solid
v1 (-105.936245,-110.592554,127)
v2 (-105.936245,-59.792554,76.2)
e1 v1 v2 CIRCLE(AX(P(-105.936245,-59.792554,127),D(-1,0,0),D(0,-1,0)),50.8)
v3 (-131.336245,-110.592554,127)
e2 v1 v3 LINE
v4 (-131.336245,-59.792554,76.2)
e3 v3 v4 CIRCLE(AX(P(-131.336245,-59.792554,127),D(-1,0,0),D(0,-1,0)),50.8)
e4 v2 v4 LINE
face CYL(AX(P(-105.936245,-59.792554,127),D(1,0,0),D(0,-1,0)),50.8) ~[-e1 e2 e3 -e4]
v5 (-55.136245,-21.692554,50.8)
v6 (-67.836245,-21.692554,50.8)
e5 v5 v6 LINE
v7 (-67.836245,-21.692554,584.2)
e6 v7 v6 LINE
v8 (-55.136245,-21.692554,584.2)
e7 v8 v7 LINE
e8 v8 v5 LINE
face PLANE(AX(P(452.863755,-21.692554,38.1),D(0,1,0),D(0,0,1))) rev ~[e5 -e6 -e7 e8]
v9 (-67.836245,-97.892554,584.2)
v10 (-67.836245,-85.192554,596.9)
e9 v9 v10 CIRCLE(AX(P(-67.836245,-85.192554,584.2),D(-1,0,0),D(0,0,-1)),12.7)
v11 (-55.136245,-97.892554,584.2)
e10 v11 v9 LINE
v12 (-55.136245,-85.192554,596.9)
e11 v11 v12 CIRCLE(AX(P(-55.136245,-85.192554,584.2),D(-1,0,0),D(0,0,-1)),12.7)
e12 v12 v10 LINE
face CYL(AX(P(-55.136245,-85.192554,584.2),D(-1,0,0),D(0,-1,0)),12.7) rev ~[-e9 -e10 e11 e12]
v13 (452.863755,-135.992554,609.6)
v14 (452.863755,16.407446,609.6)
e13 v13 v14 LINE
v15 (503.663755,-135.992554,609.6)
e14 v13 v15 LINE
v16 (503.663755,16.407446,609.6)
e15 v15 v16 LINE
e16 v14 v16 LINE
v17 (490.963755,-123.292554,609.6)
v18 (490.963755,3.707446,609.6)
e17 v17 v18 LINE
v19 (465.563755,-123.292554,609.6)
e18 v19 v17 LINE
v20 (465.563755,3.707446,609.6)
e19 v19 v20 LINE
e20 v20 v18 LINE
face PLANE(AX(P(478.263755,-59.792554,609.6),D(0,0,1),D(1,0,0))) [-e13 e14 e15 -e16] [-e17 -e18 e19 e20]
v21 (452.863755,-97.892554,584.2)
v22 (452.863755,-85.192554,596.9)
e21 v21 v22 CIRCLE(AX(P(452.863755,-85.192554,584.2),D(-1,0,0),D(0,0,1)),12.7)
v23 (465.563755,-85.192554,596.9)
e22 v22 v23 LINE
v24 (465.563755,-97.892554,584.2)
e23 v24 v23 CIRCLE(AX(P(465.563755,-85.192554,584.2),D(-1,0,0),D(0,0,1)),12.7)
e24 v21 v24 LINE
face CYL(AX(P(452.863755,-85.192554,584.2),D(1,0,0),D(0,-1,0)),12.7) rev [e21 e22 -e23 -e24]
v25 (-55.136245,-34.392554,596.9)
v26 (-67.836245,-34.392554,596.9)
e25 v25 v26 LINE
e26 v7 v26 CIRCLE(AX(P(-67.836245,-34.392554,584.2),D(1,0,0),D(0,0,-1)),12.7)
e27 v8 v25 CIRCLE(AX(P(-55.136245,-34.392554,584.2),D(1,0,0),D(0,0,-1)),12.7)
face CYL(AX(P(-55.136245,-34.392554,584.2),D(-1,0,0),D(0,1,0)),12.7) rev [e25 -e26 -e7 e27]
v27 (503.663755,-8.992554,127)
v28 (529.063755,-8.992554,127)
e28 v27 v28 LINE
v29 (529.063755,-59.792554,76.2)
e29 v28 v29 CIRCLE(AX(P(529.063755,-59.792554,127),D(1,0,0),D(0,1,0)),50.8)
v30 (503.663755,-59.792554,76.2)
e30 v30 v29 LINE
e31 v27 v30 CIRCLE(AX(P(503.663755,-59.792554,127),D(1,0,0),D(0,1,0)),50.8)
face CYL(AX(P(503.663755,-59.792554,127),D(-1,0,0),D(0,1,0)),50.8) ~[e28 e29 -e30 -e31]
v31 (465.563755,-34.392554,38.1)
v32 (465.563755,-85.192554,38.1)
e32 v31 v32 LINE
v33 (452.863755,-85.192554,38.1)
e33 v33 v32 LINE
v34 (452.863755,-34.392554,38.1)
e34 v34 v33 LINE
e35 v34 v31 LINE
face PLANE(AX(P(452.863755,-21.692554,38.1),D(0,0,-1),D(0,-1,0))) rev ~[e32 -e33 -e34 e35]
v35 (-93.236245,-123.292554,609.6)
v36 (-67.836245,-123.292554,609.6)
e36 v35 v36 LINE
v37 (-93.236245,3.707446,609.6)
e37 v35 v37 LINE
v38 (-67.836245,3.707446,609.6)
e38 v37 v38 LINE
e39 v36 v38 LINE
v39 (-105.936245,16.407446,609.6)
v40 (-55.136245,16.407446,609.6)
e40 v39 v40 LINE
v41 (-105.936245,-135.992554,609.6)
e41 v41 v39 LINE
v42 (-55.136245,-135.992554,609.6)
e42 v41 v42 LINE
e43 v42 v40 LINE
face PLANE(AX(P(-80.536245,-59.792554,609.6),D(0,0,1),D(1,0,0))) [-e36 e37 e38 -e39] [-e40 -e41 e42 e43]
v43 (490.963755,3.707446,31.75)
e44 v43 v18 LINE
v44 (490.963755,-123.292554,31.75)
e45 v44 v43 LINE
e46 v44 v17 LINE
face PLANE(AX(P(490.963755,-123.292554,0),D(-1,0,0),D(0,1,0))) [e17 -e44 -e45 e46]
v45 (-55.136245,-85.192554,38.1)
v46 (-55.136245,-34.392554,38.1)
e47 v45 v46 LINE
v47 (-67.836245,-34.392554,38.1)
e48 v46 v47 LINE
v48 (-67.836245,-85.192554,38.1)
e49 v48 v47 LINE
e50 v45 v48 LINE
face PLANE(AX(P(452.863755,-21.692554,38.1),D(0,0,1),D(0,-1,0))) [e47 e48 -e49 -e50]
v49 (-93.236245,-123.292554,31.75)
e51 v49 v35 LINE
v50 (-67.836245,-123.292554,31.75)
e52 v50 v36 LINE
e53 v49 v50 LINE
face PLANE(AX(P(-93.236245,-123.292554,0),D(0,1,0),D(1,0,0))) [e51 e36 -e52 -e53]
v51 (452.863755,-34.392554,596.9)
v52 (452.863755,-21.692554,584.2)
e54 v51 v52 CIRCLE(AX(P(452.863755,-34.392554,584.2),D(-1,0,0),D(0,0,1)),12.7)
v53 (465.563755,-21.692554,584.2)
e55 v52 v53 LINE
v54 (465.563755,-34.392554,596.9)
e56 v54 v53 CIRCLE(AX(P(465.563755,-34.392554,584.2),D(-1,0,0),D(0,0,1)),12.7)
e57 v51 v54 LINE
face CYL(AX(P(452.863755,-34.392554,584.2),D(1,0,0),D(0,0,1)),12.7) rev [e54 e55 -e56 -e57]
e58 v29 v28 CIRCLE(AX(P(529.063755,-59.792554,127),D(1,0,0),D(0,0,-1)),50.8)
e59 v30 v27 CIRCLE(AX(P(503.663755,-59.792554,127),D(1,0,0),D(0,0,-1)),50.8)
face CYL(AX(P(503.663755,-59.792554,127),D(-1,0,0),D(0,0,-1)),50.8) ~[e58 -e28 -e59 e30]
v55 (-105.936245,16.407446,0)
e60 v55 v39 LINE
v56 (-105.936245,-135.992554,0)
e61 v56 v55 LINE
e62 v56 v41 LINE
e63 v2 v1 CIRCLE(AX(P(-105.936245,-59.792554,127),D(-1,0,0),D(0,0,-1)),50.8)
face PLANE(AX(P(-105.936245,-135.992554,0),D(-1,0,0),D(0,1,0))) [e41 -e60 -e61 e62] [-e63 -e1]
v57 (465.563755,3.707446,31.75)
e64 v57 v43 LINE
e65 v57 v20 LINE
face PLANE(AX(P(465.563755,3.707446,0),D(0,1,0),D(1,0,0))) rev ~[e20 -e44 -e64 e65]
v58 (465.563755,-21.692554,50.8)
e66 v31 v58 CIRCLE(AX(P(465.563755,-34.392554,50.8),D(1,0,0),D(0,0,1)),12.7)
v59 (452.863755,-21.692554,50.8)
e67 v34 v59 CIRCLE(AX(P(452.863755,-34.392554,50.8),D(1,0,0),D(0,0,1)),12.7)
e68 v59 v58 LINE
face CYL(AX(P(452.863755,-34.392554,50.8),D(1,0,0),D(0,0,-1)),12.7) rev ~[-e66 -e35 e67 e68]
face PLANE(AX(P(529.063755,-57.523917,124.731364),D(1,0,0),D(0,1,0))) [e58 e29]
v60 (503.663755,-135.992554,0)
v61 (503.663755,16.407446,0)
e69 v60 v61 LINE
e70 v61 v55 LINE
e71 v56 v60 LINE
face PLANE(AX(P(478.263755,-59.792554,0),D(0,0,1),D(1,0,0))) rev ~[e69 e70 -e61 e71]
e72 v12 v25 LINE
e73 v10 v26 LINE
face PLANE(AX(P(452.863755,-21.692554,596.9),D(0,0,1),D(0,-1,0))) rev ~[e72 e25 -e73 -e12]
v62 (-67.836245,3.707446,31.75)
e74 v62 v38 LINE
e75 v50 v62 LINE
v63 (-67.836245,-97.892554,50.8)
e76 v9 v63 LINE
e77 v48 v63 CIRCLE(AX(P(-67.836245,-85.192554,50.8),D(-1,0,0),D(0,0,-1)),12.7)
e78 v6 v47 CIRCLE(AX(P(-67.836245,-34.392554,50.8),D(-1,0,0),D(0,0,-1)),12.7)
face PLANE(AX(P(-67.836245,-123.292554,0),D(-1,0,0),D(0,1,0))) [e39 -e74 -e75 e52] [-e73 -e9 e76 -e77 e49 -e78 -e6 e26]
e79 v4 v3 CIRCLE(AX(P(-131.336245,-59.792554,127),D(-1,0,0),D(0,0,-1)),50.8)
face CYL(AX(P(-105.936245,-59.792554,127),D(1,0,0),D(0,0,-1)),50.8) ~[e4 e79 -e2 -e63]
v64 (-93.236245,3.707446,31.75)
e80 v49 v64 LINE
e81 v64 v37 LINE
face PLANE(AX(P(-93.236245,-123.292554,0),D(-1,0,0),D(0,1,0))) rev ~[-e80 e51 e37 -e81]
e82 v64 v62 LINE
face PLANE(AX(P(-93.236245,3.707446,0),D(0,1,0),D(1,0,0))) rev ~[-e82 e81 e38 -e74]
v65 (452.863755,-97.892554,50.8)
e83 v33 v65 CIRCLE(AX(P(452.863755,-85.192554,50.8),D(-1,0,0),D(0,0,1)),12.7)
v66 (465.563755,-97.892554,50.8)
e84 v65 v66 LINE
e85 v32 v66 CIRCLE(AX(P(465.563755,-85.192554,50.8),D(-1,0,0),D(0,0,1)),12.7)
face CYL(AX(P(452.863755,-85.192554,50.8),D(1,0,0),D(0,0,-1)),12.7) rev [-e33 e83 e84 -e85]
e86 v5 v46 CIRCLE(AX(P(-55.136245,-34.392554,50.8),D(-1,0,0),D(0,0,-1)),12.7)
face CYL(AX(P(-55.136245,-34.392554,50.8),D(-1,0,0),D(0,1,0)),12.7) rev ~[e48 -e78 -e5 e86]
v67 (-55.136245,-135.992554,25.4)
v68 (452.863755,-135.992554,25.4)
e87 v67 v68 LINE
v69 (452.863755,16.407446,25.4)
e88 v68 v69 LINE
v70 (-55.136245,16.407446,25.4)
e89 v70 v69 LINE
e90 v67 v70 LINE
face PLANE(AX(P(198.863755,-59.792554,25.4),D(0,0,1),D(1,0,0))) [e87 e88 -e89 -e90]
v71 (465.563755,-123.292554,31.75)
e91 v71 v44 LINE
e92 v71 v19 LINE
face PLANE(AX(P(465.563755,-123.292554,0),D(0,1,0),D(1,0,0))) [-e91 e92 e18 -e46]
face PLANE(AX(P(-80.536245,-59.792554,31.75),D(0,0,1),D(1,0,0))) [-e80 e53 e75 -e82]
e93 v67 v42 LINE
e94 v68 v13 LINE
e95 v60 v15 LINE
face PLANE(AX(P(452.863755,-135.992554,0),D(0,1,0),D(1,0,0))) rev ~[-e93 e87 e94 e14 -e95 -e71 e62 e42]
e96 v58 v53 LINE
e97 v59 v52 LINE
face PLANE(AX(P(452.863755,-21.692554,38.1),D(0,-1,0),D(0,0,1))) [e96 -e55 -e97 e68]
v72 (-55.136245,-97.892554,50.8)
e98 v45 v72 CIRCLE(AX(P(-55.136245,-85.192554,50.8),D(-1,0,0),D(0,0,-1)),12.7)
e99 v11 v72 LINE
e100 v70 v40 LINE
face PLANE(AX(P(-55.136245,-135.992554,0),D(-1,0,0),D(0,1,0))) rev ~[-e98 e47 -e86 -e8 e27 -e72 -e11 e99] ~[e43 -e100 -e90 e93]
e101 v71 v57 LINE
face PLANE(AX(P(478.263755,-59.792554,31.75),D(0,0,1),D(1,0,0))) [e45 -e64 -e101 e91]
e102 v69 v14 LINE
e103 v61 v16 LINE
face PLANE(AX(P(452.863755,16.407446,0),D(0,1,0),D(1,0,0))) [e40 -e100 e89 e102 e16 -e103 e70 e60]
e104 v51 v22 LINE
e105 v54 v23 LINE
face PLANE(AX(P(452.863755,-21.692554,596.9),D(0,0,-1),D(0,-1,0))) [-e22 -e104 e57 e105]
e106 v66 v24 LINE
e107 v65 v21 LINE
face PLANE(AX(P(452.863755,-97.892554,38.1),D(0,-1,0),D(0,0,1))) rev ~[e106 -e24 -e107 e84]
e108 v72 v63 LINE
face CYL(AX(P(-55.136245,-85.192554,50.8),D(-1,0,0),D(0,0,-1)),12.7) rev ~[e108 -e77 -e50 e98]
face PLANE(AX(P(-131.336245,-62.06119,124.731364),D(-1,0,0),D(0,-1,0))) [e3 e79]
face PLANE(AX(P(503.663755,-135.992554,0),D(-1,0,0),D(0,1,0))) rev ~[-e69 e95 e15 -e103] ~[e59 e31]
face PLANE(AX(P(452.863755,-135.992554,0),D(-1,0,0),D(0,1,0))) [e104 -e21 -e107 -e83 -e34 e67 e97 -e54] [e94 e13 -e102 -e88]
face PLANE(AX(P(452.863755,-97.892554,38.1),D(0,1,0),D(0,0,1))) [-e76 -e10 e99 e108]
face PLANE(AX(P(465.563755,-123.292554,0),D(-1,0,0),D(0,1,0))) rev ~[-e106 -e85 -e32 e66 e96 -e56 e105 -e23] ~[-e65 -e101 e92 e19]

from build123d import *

# Parameters (mm, degrees)
F0_W          = 25.4
F0_H          = 127
F1_DEPTH      = 31.75
F0_W_2        = 50.8
F0_H_2        = 152.4
F2_DEPTH      = 609.6
F0_W_3        = 508
F3_DEPTH      = 25.4
F4_DEPTH      = 609.6
F5_DEPTH      = 31.75
F6_W          = 76.2
F6_H          = 558.8
F7_DEPTH      = 25.4
F7_DEPTH_BACK = 533.4
F8_R          = 12.7
F10_DEPTH     = 25.4
F12_DEPTH     = 25.4


with BuildPart() as f1:
    # F0 (on Top) → F1 (new body)
    with BuildSketch(Plane.XY):
        with Locations((-80.5362447441, -59.7925535809)):
            Rectangle(F0_W, F0_H)
    extrude(amount=F1_DEPTH)

    # F0 (on Top) → F2 (join)
    with BuildSketch(Plane.XY):
        with Locations((-80.5362447441, -59.7925535809)):
            Rectangle(F0_W_2, F0_H_2)
        with Locations((-80.5362447441, -59.7925535809)):
            Rectangle(F0_W, F0_H, mode=Mode.SUBTRACT)
    extrude(amount=F2_DEPTH)

    # F0 (on Top) → F3 (join)
    with BuildSketch(Plane.XY):
        with Locations((198.8637552559, -59.7925535809)):
            Rectangle(F0_W_3, F0_H_2)
    extrude(amount=F3_DEPTH)

    # F0 (on Top) → F4 (join)
    with BuildSketch(Plane.XY):
        with Locations((478.2637552559, -59.7925535809)):
            Rectangle(F0_W_2, F0_H_2)
        with Locations((478.2637552559, -59.7925535809)):
            Rectangle(F0_W, F0_H, mode=Mode.SUBTRACT)
    extrude(amount=F4_DEPTH)

    # F0 (on Top) → F5 (join)
    with BuildSketch(Plane.XY):
        with Locations((478.2637552559, -59.7925535809)):
            Rectangle(F0_W, F0_H)
    extrude(amount=F5_DEPTH)

    # F6 (on face) → F7 (cut, two sides)
    with BuildSketch(Plane(origin=(452.8637552559, 0, 0), x_dir=(0, -1, 0), z_dir=(-1, 0, 0))) as f7_sk:
        with Locations((59.7925535809, 317.5)):
            Rectangle(F6_W, F6_H)
    extrude(amount=-F7_DEPTH, mode=Mode.SUBTRACT)
    extrude(f7_sk.sketch, amount=F7_DEPTH_BACK, mode=Mode.SUBTRACT)

    # F8
    f8_edges = [f1.edges().sort_by_distance(p)[0] for p in [
        (459.213755, -97.892554, 38.1),
        (459.213755, -21.692554, 38.1),
        (459.213755, -97.892554, 596.9),
        (459.213755, -21.692554, 596.9),
        (-61.486245, -21.692554, 38.1),
        (-61.486245, -21.692554, 596.9),
        (-61.486245, -97.892554, 596.9),
        (-61.486245, -97.892554, 38.1),
    ]]
    fillet(f8_edges, radius=F8_R)

    # F9 (on face) → F10 (join)
    with BuildSketch(Plane(origin=(-105.9362447441, 0, 0), x_dir=(0, -1, 0), z_dir=(-1, 0, 0))):
        with BuildLine():
            ThreePointArc((59.7925535809, 76.2), (95.7135780651, 91.0789755157), (110.5925535809, 127))
            ThreePointArc((110.5925535809, 127), (23.8715290966, 162.9210244843), (59.7925535809, 76.2))
        make_face()
    extrude(amount=F10_DEPTH)

    # F11 (on face) → F12 (join)
    with BuildSketch(Plane.YZ.offset(503.6637552559)):
        with BuildLine():
            ThreePointArc((-8.9925535809, 127), (-95.7135780651, 162.9210244843), (-59.7925535809, 76.2))
            ThreePointArc((-59.7925535809, 76.2), (-23.8715290966, 91.0789755157), (-8.9925535809, 127))
        make_face()
    extrude(amount=F12_DEPTH)


solid = f1.part
